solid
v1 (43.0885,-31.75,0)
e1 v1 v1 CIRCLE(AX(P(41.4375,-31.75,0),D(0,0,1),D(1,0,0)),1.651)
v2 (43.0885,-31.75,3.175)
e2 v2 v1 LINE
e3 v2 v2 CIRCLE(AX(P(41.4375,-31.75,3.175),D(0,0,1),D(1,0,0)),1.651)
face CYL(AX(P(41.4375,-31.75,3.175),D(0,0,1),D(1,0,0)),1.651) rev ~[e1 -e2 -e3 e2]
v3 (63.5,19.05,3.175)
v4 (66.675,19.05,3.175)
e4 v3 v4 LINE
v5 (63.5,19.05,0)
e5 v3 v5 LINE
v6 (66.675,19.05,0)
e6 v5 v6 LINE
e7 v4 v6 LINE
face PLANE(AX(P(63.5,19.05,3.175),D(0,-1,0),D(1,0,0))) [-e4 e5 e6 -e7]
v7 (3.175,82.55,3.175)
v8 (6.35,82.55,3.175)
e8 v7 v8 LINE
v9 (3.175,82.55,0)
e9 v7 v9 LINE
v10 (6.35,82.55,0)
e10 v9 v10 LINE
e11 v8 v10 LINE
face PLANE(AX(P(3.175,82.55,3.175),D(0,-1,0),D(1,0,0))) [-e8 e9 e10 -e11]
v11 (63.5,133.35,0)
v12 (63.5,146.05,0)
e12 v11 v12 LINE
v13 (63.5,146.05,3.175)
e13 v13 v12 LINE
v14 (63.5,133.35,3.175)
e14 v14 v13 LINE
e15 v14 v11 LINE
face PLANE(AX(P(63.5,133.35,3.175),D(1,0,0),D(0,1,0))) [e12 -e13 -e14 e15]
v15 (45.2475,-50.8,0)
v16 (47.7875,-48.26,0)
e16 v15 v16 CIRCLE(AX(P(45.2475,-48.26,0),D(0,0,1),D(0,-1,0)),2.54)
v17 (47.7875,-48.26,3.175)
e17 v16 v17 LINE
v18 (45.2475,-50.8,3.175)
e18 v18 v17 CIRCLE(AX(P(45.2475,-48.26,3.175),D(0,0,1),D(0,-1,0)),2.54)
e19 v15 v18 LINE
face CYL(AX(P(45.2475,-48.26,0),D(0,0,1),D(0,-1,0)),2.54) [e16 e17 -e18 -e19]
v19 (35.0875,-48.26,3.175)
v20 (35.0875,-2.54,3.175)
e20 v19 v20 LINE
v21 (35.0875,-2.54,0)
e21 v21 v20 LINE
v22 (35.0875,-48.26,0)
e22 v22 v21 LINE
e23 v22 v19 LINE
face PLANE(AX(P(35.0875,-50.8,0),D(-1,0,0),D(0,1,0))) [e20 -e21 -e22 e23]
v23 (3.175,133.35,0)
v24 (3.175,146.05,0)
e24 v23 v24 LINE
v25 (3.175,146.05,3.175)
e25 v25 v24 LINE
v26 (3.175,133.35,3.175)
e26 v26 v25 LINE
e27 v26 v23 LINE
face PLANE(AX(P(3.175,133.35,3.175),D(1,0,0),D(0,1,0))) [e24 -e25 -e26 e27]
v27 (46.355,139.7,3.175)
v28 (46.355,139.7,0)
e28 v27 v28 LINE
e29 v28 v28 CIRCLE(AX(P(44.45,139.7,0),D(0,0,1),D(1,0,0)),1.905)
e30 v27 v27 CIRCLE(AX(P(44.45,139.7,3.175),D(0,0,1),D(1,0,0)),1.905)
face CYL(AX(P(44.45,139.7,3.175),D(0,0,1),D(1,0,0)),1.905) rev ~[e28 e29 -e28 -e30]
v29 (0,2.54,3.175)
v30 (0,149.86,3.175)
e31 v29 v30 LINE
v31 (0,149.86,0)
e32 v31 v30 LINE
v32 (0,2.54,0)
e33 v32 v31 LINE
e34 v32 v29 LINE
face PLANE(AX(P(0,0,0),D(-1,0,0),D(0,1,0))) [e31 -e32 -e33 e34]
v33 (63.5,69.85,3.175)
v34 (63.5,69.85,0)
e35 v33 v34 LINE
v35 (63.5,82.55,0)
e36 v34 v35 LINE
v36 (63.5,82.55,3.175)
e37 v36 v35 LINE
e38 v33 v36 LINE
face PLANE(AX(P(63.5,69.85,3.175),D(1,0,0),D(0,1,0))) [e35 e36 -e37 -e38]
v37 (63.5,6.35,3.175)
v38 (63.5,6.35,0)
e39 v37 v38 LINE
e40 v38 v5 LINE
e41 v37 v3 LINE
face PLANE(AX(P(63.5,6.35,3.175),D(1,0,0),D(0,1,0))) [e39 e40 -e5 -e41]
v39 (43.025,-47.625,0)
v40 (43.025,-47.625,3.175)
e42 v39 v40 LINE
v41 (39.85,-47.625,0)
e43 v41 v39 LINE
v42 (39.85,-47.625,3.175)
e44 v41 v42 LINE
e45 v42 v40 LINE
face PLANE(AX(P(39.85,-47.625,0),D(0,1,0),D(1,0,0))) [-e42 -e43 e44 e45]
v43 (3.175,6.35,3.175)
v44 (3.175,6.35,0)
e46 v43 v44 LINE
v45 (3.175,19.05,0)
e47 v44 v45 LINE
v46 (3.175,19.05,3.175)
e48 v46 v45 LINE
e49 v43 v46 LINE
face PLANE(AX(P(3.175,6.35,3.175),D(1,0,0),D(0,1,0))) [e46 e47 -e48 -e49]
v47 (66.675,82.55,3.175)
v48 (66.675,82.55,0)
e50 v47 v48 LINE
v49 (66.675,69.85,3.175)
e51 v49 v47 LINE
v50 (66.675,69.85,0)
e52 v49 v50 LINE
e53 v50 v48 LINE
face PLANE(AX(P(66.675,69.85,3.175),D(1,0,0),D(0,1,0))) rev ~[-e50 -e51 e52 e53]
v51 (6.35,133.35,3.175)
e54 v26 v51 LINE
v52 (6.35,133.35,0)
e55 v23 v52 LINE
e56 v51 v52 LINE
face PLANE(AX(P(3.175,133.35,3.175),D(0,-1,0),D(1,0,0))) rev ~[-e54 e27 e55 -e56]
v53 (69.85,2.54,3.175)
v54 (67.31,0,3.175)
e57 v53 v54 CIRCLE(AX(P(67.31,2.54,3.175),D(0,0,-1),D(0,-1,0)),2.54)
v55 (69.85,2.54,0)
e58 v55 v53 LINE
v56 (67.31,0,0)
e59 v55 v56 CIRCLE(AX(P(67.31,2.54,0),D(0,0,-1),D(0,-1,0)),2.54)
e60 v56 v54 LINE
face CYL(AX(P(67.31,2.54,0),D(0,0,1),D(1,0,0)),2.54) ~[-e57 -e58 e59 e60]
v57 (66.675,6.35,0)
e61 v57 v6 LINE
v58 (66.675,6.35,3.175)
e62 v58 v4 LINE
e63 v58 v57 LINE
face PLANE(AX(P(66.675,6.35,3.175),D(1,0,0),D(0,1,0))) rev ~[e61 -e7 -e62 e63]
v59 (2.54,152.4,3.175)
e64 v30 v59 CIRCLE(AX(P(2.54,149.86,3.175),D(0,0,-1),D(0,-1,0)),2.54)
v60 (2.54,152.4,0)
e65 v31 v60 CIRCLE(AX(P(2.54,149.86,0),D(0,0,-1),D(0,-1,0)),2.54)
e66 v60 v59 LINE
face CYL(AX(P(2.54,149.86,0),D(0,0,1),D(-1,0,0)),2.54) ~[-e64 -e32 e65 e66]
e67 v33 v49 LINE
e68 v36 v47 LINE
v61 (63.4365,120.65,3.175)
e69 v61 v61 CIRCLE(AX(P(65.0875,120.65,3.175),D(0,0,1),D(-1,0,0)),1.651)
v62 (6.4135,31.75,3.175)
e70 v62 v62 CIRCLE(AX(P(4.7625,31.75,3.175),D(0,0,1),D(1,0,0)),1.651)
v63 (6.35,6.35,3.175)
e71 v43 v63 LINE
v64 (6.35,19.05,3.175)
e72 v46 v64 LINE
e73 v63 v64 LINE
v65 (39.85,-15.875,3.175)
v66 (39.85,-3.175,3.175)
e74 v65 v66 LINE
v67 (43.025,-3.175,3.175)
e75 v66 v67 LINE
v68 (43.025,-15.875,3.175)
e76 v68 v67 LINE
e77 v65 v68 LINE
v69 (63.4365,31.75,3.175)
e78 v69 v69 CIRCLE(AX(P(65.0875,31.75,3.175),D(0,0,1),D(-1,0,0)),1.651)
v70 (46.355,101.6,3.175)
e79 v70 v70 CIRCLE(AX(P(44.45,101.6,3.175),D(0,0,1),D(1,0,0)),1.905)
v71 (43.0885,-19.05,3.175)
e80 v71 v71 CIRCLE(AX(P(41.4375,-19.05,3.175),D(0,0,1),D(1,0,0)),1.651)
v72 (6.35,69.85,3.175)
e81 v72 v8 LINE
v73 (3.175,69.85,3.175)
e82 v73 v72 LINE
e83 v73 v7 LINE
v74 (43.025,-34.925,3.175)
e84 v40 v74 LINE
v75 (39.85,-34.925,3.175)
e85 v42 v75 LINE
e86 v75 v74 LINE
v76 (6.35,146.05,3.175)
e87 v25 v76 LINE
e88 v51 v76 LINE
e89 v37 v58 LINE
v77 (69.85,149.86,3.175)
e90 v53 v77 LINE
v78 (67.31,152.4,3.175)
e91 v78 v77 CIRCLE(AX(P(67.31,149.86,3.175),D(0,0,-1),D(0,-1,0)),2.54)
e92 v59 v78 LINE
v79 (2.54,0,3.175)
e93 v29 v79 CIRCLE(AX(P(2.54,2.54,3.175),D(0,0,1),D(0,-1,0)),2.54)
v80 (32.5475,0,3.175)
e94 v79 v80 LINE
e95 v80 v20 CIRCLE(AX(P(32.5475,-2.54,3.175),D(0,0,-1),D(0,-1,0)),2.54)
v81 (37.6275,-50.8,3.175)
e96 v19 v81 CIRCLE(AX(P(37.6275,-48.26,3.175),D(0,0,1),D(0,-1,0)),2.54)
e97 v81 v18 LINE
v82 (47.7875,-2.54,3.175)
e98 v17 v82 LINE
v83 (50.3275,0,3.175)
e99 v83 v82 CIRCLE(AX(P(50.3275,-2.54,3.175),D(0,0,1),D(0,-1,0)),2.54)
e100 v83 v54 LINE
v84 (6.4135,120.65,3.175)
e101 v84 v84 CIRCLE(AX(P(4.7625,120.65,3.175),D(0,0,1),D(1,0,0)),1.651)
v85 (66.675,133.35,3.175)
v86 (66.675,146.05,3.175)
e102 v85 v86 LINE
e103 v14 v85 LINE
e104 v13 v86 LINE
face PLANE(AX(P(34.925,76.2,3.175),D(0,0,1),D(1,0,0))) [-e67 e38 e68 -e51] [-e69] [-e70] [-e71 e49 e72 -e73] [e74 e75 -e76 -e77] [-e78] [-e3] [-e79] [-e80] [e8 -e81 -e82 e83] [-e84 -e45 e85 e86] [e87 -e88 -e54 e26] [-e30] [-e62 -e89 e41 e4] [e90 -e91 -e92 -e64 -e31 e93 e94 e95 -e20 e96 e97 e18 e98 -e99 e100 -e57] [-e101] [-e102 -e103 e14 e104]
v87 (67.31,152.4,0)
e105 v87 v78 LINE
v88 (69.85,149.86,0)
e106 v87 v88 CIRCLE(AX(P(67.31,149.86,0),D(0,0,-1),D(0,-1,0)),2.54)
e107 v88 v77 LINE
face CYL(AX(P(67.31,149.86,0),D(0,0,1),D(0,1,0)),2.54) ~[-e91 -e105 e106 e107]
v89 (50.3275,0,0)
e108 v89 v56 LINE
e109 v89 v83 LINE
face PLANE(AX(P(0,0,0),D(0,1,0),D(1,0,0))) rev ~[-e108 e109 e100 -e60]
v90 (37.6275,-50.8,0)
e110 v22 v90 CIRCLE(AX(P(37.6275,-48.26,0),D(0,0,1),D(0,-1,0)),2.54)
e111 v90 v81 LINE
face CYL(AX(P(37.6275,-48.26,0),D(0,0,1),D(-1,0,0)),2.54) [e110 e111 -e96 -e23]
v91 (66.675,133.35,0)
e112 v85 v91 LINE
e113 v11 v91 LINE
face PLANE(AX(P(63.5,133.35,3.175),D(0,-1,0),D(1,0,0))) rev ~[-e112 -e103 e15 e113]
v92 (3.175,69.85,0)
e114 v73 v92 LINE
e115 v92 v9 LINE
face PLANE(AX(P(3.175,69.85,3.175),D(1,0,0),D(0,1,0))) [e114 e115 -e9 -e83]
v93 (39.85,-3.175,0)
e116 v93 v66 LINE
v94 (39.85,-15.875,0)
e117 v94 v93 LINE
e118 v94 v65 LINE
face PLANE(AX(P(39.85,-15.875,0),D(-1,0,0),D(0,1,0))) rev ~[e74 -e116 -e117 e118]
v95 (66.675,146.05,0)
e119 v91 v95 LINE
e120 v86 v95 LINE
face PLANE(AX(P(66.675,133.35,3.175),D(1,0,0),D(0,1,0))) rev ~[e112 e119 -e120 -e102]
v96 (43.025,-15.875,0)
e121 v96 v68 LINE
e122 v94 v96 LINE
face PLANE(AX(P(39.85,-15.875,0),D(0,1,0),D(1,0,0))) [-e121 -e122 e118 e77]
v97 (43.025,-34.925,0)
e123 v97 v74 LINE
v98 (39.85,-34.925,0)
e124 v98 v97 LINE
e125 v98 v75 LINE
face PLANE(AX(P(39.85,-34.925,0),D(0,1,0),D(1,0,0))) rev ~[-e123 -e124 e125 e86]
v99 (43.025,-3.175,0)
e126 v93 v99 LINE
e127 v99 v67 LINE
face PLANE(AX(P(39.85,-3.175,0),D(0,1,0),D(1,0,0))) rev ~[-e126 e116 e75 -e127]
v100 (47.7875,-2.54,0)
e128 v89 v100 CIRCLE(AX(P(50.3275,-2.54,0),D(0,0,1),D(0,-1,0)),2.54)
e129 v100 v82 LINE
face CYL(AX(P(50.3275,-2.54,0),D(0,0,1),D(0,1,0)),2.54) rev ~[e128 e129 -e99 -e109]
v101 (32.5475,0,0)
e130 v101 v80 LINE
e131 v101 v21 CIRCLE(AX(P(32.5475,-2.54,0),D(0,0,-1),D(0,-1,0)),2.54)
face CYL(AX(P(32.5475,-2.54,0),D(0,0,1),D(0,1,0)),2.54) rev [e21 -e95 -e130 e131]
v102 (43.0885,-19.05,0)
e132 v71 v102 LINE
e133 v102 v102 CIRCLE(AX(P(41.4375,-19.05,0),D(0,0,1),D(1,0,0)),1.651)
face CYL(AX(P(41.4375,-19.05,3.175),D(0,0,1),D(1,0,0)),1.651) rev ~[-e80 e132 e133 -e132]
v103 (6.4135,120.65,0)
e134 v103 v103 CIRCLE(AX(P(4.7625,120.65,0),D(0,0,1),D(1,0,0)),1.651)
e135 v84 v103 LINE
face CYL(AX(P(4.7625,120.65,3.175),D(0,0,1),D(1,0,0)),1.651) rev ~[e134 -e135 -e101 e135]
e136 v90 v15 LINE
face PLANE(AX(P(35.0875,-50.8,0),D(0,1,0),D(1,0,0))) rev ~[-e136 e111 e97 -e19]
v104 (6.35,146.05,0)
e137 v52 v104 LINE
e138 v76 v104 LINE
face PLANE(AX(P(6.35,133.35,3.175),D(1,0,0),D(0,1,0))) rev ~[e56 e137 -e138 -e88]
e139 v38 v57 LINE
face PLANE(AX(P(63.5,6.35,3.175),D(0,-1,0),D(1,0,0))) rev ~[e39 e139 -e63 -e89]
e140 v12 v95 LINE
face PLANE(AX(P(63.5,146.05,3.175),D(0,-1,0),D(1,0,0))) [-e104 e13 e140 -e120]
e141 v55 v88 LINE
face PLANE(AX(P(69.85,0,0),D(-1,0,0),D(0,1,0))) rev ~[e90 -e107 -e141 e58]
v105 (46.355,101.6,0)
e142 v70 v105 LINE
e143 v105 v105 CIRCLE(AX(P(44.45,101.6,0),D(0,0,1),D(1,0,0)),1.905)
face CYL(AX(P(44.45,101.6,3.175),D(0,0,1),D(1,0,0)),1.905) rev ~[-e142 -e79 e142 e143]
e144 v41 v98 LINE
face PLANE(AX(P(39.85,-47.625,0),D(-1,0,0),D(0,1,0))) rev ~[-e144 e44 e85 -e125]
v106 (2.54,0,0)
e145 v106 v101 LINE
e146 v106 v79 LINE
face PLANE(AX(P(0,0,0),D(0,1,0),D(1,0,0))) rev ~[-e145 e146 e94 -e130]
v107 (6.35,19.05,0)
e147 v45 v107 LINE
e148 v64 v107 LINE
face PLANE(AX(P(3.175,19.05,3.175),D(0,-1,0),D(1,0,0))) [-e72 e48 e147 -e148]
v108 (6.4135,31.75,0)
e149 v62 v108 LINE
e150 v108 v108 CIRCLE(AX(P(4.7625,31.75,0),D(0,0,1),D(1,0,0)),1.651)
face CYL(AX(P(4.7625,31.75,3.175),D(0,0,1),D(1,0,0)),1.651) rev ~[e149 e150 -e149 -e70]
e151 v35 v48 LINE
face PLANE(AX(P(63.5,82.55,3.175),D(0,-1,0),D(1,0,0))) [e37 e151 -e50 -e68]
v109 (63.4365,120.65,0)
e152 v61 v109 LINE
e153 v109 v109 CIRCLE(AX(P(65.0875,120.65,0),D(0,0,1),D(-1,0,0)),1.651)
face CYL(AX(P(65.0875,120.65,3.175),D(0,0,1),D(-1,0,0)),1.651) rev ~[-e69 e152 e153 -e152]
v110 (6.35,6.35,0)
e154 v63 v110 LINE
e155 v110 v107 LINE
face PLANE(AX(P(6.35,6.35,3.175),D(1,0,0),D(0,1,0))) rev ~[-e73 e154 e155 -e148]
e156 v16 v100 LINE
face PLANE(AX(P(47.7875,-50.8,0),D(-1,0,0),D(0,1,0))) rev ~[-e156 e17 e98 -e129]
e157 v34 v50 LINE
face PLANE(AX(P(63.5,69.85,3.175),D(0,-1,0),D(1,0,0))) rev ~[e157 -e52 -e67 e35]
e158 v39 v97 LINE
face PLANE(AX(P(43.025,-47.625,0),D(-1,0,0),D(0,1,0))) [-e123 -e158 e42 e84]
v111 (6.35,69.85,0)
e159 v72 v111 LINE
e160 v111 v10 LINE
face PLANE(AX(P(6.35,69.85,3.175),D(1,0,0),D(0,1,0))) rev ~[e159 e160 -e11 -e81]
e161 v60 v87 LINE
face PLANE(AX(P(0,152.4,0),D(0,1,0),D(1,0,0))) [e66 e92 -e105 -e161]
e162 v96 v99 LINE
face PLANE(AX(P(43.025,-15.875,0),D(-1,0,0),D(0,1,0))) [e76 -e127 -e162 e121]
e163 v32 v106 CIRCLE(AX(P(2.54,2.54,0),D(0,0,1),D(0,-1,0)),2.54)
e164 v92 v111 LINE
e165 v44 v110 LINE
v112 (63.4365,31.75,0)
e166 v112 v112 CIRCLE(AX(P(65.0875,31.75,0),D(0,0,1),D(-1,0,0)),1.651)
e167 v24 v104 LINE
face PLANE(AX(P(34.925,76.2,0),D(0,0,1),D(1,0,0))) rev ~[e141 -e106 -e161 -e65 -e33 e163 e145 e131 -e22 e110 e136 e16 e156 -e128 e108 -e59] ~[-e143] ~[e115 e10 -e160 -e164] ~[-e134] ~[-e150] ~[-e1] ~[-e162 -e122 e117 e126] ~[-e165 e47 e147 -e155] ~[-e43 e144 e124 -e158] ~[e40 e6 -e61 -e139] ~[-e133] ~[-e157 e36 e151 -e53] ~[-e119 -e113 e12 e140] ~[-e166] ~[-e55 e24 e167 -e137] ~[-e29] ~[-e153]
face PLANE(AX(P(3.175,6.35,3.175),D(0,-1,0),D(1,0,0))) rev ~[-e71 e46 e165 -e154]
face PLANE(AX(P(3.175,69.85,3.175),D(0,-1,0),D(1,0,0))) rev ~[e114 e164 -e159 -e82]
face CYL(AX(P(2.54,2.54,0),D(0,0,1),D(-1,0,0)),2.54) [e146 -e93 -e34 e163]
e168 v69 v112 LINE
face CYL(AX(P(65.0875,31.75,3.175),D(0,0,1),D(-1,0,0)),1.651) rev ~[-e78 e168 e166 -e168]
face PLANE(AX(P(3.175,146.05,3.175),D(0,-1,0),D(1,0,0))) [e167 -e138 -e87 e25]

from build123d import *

# Parameters (mm, degrees)
SKETCH1_W           = 69.85
SKETCH1_H           = 152.4
SKETCH1_W_2         = 12.7
SKETCH1_H_2         = 50.8
SKETCH1_W_3         = 3.175
SKETCH1_H_3         = 12.7
BOSS_EXTRUDE1_DEPTH = 3.175
SKETCH3_W           = 3.175
SKETCH3_H           = 12.7
SKETCH3_R           = 1.651
CUT_EXTRUDE3_DEPTH  = 3.175
SKETCH4_R           = 1.651
CUT_EXTRUDE4_DEPTH  = 3.175
FILLET1_R           = 2.54
SKETCH5_R           = 1.905
CUT_EXTRUDE5_DEPTH  = 3.175


with BuildPart() as part:
    # Sketch1 → Boss-Extrude1 (new body)
    # profile 1 of 2: a face of its own
    with BuildSketch(Plane.XY):
        with Locations((34.925, 76.2)):
            Rectangle(SKETCH1_W, SKETCH1_H)
    # profile 2 of 2: a face of its own
    with BuildSketch(Plane.XY):
        with Locations((41.4375, -25.4)):
            Rectangle(SKETCH1_W_2, SKETCH1_H_2)
        with Locations((41.4375, -41.275)):
            Rectangle(SKETCH1_W_3, SKETCH1_H_3, mode=Mode.SUBTRACT)
        with Locations((41.4375, -9.525)):
            Rectangle(SKETCH1_W_3, SKETCH1_H_3, mode=Mode.SUBTRACT)
    extrude(amount=BOSS_EXTRUDE1_DEPTH)

    # Sketch3 → Cut-Extrude3 (cut)
    with BuildSketch(Plane.XY.offset(3.175)):
        with Locations((4.7625, 139.7)):
            Rectangle(SKETCH3_W, SKETCH3_H)
        with Locations((4.7625, 12.7)):
            Rectangle(SKETCH3_W, SKETCH3_H)
        with Locations((65.0875, 139.7)):
            Rectangle(SKETCH3_W, SKETCH3_H)
        with Locations((4.7625, 120.65)):
            Circle(SKETCH3_R)
        with Locations((4.7625, 76.2)):
            Rectangle(SKETCH3_W, SKETCH3_H)
        with Locations((4.7625, 31.75)):
            Circle(SKETCH3_R)
        with Locations((65.0875, 12.7)):
            Rectangle(SKETCH3_W, SKETCH3_H)
        with Locations(Location((65.0875, 31.75, 0), (0, 0, 180))):
            Circle(SKETCH3_R)
        with Locations(Location((65.0875, 120.65, 0), (0, 0, 180))):
            Circle(SKETCH3_R)
        with Locations((65.0875, 76.2)):
            Rectangle(SKETCH3_W, SKETCH3_H)
    extrude(amount=-CUT_EXTRUDE3_DEPTH, mode=Mode.SUBTRACT)

    # Sketch4 → Cut-Extrude4 (cut)
    with BuildSketch(Plane.XY.offset(3.175)):
        with Locations((41.4375, -19.05)):
            Circle(SKETCH4_R)
        with Locations((41.4375, -31.75)):
            Circle(SKETCH4_R)
    extrude(amount=-CUT_EXTRUDE4_DEPTH, mode=Mode.SUBTRACT)

    # Fillet1
    fillet1_edges = [part.edges().sort_by_distance(p)[0] for p in [
        (0, 0, 1.5875),
        (0, 152.4, 1.5875),
        (69.85, 152.4, 1.5875),
        (69.85, 0, 1.5875),
        (47.7875, 0, 1.5875),
        (47.7875, -50.8, 1.5875),
        (35.0875, -50.8, 1.5875),
        (35.0875, 0, 1.5875),
    ]]
    fillet(fillet1_edges, radius=FILLET1_R)

    # Sketch5 → Cut-Extrude5 (cut)
    with BuildSketch(Plane.XY.offset(3.175)):
        with Locations((44.45, 139.7)):
            Circle(SKETCH5_R)
        with Locations((44.45, 101.6)):
            Circle(SKETCH5_R)
    extrude(amount=-CUT_EXTRUDE5_DEPTH, mode=Mode.SUBTRACT)


solid = part.part
